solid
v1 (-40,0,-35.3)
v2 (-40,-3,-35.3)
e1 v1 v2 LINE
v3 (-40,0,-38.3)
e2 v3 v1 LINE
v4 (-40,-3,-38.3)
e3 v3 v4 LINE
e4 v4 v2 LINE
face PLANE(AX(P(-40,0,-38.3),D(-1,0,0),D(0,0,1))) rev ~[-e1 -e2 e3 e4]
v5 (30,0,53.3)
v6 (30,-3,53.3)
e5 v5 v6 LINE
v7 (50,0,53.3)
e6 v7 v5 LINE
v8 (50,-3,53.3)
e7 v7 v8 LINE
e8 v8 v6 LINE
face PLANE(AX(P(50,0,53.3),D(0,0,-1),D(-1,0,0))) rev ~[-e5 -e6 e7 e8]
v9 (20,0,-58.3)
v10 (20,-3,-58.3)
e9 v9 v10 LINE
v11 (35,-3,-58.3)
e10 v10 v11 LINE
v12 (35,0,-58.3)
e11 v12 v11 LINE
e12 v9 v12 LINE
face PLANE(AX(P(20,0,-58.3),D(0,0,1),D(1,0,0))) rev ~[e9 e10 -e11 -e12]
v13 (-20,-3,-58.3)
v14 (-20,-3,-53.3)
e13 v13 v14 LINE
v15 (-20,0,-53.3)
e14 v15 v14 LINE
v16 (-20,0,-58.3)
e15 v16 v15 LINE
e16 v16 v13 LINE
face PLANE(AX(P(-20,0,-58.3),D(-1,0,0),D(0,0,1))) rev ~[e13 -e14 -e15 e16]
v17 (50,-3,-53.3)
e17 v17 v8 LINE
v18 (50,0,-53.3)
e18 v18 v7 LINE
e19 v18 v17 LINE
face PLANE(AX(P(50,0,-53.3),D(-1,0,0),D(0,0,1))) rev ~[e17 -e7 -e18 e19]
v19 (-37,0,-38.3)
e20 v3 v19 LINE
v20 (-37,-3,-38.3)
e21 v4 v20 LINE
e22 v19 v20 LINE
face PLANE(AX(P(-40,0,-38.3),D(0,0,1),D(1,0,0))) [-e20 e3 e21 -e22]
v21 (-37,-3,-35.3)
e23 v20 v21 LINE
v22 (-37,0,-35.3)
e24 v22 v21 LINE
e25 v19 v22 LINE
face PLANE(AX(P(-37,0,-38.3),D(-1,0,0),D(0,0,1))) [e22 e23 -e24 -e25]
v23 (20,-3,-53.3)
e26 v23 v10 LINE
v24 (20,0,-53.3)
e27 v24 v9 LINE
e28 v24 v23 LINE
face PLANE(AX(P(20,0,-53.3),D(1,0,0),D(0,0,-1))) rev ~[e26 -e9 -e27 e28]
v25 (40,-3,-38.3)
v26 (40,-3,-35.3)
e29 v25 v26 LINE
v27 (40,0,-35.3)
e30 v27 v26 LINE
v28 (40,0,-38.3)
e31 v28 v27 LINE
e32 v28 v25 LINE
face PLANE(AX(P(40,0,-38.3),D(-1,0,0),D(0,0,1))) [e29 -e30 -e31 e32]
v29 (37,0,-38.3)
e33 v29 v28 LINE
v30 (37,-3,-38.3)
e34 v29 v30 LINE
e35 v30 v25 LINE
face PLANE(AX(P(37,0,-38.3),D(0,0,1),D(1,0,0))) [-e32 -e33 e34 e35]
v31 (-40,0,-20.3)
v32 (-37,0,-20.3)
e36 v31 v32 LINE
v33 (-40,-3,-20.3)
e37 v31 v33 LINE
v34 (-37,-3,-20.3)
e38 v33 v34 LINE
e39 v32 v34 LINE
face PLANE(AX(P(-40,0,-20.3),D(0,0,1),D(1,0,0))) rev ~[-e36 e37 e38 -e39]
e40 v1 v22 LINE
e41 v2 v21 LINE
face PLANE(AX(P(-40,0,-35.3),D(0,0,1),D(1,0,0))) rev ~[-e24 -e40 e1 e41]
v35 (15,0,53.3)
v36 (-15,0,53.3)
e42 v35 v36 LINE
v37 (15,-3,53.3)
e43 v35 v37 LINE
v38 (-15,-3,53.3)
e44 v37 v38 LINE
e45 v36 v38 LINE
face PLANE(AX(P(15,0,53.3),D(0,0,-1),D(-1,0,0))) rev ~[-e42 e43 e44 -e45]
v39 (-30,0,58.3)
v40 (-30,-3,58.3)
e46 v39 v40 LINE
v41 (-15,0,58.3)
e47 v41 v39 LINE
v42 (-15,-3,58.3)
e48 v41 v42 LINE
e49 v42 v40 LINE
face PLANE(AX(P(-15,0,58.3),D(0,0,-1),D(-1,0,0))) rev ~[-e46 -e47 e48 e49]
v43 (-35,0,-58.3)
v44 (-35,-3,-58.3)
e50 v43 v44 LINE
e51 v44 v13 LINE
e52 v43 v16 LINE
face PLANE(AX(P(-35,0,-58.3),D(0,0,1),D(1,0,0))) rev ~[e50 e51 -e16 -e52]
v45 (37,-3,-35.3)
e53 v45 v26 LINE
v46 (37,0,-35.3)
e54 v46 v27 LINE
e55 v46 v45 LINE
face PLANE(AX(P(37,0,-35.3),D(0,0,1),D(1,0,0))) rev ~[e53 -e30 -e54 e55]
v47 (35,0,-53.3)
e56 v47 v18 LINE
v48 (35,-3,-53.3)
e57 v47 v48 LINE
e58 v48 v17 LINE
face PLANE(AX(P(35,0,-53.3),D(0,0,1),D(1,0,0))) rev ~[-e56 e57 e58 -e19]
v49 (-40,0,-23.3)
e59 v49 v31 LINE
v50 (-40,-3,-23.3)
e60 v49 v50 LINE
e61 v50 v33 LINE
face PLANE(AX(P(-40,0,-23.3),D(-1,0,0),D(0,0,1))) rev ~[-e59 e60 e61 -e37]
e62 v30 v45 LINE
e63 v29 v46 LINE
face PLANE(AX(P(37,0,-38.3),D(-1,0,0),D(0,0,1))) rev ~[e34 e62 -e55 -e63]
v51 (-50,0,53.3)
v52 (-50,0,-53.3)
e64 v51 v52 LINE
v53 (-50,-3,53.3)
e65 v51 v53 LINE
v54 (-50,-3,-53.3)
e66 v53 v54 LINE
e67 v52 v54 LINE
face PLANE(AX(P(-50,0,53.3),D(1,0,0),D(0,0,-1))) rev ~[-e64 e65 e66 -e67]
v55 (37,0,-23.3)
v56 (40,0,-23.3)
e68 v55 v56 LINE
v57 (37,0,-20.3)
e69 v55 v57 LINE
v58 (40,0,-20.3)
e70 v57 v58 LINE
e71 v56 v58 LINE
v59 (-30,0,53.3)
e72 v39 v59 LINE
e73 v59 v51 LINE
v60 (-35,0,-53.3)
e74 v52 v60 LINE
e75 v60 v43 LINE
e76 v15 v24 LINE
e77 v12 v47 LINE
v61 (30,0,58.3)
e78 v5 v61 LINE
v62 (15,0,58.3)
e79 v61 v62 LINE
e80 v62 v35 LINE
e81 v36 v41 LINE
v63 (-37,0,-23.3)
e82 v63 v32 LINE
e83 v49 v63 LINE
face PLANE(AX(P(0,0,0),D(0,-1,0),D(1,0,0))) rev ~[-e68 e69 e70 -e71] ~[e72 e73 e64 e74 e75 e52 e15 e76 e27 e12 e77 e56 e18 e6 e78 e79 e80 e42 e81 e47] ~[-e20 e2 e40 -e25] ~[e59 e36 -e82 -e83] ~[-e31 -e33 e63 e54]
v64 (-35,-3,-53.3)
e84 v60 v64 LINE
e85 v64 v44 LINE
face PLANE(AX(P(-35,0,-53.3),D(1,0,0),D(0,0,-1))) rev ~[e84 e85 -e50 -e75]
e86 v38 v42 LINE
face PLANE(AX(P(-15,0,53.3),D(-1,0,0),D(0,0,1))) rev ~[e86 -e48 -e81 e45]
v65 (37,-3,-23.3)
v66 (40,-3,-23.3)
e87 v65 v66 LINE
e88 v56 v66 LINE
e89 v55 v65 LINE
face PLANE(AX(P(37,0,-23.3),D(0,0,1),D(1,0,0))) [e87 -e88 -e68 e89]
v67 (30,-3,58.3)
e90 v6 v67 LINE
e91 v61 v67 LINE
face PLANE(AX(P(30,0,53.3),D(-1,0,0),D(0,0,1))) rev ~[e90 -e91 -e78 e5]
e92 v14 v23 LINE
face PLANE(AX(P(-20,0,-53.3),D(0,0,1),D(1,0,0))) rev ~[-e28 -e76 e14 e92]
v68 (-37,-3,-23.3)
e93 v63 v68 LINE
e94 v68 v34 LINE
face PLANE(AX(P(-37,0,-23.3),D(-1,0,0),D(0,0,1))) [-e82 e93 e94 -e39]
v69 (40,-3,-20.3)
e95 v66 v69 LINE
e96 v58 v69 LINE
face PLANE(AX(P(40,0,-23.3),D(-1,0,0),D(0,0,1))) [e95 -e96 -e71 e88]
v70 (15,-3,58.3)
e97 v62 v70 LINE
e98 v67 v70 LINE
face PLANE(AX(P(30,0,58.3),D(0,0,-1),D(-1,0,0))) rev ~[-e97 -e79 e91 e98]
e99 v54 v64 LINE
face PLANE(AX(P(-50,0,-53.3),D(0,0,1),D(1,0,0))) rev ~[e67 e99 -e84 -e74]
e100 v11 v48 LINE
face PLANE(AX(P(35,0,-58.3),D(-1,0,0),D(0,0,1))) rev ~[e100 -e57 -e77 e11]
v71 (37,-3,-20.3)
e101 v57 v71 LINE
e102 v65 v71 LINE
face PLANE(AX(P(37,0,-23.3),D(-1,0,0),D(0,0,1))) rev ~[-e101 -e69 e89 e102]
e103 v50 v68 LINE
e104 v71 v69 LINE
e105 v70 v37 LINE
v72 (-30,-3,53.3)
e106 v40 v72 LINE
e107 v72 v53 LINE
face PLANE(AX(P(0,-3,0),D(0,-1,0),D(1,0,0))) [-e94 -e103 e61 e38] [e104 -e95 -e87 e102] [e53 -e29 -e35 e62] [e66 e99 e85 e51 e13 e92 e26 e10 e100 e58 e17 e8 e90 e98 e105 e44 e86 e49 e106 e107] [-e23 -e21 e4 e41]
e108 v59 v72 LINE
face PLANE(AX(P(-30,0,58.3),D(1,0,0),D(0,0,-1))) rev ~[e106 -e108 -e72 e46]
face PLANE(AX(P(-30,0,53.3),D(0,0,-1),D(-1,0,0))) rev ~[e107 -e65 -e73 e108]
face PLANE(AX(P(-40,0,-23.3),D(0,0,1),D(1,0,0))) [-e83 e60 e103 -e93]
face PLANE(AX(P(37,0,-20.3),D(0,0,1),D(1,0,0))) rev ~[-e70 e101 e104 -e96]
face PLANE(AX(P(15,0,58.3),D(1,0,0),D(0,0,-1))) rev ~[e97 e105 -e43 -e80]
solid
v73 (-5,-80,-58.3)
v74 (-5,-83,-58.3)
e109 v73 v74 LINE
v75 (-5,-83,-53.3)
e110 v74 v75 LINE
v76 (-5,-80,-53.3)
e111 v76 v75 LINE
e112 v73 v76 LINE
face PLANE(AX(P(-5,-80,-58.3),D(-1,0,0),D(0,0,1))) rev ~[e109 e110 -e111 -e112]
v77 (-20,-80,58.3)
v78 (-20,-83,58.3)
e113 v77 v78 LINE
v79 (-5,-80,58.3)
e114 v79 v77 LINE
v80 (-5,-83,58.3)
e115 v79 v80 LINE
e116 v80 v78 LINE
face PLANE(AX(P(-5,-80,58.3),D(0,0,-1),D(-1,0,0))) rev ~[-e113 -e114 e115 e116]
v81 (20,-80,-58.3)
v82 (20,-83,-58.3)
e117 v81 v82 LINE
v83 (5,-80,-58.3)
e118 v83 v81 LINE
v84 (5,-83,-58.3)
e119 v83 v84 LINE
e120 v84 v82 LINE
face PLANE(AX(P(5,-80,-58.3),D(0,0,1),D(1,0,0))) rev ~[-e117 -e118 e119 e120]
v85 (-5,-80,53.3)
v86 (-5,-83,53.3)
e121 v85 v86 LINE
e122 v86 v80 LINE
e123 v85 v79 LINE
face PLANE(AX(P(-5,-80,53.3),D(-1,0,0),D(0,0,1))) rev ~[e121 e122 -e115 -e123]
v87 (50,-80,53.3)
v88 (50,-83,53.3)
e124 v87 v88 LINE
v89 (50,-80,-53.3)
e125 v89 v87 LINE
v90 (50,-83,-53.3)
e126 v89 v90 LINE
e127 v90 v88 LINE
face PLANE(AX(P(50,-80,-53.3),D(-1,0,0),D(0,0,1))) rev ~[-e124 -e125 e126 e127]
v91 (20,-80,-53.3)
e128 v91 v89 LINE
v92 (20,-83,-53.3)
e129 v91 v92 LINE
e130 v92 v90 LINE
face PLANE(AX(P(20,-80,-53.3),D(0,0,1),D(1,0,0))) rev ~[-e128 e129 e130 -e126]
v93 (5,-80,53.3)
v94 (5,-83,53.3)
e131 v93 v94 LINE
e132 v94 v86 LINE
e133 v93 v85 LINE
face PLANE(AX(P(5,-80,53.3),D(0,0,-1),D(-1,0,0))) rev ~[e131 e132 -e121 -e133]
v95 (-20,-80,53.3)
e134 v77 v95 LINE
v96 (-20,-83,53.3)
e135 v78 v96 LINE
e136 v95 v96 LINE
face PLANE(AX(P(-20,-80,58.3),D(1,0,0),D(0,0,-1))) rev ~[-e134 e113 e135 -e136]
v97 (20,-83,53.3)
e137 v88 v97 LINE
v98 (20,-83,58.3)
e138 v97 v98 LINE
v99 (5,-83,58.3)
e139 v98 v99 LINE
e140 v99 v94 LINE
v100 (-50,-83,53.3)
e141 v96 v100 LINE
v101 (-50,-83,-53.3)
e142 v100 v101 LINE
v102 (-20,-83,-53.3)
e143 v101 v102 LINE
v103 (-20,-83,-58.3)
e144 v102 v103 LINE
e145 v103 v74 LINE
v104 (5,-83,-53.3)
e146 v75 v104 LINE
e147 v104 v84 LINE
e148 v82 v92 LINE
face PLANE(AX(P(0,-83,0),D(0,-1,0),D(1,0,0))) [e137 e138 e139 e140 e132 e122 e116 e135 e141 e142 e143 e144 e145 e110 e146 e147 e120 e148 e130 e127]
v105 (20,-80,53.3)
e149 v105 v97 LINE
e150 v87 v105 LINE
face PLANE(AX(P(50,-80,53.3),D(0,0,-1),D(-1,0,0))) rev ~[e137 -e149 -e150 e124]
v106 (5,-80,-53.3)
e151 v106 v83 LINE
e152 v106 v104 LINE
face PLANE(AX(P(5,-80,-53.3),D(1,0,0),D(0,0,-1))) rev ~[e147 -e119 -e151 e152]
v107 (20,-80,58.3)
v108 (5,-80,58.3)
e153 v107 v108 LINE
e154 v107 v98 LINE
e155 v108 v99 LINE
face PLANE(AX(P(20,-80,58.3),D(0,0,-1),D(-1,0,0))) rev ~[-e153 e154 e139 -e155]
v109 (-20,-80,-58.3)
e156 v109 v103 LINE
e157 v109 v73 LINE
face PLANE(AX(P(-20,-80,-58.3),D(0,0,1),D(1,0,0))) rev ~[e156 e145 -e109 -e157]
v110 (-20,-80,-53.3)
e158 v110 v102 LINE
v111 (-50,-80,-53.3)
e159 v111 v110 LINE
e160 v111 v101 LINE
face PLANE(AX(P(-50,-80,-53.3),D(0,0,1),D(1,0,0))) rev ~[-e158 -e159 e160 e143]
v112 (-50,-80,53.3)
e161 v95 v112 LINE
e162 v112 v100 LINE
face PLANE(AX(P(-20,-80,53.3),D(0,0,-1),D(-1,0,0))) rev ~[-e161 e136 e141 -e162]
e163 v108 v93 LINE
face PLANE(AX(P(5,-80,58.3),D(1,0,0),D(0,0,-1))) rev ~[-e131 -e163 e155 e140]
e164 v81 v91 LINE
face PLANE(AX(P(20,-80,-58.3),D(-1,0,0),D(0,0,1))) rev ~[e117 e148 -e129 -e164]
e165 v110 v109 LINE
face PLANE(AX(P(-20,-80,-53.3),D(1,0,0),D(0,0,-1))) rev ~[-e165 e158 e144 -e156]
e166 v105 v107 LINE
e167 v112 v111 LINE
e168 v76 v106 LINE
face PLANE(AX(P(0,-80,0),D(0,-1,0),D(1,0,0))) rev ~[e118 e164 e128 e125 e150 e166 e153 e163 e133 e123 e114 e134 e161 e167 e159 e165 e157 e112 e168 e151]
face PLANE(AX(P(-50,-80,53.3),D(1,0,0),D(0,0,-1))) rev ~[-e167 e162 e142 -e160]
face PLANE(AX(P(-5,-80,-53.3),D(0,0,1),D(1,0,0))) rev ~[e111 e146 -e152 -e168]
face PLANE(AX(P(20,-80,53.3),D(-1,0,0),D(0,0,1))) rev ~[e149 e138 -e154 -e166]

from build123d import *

# Parameters (mm, degrees)
F0_W     = 3
F0_H     = 3
F1_DEPTH = 3
F4_DEPTH = 3


with BuildPart() as f1:
    # F0 (on Front) → F1 (new body)
    with BuildSketch(Plane.XZ):
        Polygon((-30, 53.3), (-50, 53.3), (-50, -53.3), (-35, -53.3), (-35, -58.3), (-20, -58.3), (-20, -53.3), (20, -53.3), (20, -58.3), (35, -58.3), (35, -53.3), (50, -53.3), (50, 53.3), (30, 53.3), (30, 58.3), (15, 58.3), (15, 53.3), (-15, 53.3), (-15, 58.3), (-30, 58.3), align=None)
        with Locations((-38.5, -36.8)):
            Rectangle(F0_W, F0_H, mode=Mode.SUBTRACT)
        with Locations((-38.5, -21.8)):
            Rectangle(F0_W, F0_H, mode=Mode.SUBTRACT)
        with Locations((38.5, -36.8)):
            Rectangle(F0_W, F0_H, mode=Mode.SUBTRACT)
        with Locations((38.5, -21.8)):
            Rectangle(F0_W, F0_H, mode=Mode.SUBTRACT)
    extrude(amount=F1_DEPTH)


with BuildPart() as f4:
    # F3 (on offset) → F4 (new body)
    with BuildSketch(Plane.XZ.offset(80)):
        Polygon((-20, 53.3), (-50, 53.3), (-50, -53.3), (-20, -53.3), (-20, -58.3), (-5, -58.3), (-5, -53.3), (5, -53.3), (5, -58.3), (20, -58.3), (20, -53.3), (50, -53.3), (50, 53.3), (20, 53.3), (20, 58.3), (5, 58.3), (5, 53.3), (-5, 53.3), (-5, 58.3), (-20, 58.3), align=None)
    extrude(amount=F4_DEPTH)


solid = Compound([f1.part, f4.part])
